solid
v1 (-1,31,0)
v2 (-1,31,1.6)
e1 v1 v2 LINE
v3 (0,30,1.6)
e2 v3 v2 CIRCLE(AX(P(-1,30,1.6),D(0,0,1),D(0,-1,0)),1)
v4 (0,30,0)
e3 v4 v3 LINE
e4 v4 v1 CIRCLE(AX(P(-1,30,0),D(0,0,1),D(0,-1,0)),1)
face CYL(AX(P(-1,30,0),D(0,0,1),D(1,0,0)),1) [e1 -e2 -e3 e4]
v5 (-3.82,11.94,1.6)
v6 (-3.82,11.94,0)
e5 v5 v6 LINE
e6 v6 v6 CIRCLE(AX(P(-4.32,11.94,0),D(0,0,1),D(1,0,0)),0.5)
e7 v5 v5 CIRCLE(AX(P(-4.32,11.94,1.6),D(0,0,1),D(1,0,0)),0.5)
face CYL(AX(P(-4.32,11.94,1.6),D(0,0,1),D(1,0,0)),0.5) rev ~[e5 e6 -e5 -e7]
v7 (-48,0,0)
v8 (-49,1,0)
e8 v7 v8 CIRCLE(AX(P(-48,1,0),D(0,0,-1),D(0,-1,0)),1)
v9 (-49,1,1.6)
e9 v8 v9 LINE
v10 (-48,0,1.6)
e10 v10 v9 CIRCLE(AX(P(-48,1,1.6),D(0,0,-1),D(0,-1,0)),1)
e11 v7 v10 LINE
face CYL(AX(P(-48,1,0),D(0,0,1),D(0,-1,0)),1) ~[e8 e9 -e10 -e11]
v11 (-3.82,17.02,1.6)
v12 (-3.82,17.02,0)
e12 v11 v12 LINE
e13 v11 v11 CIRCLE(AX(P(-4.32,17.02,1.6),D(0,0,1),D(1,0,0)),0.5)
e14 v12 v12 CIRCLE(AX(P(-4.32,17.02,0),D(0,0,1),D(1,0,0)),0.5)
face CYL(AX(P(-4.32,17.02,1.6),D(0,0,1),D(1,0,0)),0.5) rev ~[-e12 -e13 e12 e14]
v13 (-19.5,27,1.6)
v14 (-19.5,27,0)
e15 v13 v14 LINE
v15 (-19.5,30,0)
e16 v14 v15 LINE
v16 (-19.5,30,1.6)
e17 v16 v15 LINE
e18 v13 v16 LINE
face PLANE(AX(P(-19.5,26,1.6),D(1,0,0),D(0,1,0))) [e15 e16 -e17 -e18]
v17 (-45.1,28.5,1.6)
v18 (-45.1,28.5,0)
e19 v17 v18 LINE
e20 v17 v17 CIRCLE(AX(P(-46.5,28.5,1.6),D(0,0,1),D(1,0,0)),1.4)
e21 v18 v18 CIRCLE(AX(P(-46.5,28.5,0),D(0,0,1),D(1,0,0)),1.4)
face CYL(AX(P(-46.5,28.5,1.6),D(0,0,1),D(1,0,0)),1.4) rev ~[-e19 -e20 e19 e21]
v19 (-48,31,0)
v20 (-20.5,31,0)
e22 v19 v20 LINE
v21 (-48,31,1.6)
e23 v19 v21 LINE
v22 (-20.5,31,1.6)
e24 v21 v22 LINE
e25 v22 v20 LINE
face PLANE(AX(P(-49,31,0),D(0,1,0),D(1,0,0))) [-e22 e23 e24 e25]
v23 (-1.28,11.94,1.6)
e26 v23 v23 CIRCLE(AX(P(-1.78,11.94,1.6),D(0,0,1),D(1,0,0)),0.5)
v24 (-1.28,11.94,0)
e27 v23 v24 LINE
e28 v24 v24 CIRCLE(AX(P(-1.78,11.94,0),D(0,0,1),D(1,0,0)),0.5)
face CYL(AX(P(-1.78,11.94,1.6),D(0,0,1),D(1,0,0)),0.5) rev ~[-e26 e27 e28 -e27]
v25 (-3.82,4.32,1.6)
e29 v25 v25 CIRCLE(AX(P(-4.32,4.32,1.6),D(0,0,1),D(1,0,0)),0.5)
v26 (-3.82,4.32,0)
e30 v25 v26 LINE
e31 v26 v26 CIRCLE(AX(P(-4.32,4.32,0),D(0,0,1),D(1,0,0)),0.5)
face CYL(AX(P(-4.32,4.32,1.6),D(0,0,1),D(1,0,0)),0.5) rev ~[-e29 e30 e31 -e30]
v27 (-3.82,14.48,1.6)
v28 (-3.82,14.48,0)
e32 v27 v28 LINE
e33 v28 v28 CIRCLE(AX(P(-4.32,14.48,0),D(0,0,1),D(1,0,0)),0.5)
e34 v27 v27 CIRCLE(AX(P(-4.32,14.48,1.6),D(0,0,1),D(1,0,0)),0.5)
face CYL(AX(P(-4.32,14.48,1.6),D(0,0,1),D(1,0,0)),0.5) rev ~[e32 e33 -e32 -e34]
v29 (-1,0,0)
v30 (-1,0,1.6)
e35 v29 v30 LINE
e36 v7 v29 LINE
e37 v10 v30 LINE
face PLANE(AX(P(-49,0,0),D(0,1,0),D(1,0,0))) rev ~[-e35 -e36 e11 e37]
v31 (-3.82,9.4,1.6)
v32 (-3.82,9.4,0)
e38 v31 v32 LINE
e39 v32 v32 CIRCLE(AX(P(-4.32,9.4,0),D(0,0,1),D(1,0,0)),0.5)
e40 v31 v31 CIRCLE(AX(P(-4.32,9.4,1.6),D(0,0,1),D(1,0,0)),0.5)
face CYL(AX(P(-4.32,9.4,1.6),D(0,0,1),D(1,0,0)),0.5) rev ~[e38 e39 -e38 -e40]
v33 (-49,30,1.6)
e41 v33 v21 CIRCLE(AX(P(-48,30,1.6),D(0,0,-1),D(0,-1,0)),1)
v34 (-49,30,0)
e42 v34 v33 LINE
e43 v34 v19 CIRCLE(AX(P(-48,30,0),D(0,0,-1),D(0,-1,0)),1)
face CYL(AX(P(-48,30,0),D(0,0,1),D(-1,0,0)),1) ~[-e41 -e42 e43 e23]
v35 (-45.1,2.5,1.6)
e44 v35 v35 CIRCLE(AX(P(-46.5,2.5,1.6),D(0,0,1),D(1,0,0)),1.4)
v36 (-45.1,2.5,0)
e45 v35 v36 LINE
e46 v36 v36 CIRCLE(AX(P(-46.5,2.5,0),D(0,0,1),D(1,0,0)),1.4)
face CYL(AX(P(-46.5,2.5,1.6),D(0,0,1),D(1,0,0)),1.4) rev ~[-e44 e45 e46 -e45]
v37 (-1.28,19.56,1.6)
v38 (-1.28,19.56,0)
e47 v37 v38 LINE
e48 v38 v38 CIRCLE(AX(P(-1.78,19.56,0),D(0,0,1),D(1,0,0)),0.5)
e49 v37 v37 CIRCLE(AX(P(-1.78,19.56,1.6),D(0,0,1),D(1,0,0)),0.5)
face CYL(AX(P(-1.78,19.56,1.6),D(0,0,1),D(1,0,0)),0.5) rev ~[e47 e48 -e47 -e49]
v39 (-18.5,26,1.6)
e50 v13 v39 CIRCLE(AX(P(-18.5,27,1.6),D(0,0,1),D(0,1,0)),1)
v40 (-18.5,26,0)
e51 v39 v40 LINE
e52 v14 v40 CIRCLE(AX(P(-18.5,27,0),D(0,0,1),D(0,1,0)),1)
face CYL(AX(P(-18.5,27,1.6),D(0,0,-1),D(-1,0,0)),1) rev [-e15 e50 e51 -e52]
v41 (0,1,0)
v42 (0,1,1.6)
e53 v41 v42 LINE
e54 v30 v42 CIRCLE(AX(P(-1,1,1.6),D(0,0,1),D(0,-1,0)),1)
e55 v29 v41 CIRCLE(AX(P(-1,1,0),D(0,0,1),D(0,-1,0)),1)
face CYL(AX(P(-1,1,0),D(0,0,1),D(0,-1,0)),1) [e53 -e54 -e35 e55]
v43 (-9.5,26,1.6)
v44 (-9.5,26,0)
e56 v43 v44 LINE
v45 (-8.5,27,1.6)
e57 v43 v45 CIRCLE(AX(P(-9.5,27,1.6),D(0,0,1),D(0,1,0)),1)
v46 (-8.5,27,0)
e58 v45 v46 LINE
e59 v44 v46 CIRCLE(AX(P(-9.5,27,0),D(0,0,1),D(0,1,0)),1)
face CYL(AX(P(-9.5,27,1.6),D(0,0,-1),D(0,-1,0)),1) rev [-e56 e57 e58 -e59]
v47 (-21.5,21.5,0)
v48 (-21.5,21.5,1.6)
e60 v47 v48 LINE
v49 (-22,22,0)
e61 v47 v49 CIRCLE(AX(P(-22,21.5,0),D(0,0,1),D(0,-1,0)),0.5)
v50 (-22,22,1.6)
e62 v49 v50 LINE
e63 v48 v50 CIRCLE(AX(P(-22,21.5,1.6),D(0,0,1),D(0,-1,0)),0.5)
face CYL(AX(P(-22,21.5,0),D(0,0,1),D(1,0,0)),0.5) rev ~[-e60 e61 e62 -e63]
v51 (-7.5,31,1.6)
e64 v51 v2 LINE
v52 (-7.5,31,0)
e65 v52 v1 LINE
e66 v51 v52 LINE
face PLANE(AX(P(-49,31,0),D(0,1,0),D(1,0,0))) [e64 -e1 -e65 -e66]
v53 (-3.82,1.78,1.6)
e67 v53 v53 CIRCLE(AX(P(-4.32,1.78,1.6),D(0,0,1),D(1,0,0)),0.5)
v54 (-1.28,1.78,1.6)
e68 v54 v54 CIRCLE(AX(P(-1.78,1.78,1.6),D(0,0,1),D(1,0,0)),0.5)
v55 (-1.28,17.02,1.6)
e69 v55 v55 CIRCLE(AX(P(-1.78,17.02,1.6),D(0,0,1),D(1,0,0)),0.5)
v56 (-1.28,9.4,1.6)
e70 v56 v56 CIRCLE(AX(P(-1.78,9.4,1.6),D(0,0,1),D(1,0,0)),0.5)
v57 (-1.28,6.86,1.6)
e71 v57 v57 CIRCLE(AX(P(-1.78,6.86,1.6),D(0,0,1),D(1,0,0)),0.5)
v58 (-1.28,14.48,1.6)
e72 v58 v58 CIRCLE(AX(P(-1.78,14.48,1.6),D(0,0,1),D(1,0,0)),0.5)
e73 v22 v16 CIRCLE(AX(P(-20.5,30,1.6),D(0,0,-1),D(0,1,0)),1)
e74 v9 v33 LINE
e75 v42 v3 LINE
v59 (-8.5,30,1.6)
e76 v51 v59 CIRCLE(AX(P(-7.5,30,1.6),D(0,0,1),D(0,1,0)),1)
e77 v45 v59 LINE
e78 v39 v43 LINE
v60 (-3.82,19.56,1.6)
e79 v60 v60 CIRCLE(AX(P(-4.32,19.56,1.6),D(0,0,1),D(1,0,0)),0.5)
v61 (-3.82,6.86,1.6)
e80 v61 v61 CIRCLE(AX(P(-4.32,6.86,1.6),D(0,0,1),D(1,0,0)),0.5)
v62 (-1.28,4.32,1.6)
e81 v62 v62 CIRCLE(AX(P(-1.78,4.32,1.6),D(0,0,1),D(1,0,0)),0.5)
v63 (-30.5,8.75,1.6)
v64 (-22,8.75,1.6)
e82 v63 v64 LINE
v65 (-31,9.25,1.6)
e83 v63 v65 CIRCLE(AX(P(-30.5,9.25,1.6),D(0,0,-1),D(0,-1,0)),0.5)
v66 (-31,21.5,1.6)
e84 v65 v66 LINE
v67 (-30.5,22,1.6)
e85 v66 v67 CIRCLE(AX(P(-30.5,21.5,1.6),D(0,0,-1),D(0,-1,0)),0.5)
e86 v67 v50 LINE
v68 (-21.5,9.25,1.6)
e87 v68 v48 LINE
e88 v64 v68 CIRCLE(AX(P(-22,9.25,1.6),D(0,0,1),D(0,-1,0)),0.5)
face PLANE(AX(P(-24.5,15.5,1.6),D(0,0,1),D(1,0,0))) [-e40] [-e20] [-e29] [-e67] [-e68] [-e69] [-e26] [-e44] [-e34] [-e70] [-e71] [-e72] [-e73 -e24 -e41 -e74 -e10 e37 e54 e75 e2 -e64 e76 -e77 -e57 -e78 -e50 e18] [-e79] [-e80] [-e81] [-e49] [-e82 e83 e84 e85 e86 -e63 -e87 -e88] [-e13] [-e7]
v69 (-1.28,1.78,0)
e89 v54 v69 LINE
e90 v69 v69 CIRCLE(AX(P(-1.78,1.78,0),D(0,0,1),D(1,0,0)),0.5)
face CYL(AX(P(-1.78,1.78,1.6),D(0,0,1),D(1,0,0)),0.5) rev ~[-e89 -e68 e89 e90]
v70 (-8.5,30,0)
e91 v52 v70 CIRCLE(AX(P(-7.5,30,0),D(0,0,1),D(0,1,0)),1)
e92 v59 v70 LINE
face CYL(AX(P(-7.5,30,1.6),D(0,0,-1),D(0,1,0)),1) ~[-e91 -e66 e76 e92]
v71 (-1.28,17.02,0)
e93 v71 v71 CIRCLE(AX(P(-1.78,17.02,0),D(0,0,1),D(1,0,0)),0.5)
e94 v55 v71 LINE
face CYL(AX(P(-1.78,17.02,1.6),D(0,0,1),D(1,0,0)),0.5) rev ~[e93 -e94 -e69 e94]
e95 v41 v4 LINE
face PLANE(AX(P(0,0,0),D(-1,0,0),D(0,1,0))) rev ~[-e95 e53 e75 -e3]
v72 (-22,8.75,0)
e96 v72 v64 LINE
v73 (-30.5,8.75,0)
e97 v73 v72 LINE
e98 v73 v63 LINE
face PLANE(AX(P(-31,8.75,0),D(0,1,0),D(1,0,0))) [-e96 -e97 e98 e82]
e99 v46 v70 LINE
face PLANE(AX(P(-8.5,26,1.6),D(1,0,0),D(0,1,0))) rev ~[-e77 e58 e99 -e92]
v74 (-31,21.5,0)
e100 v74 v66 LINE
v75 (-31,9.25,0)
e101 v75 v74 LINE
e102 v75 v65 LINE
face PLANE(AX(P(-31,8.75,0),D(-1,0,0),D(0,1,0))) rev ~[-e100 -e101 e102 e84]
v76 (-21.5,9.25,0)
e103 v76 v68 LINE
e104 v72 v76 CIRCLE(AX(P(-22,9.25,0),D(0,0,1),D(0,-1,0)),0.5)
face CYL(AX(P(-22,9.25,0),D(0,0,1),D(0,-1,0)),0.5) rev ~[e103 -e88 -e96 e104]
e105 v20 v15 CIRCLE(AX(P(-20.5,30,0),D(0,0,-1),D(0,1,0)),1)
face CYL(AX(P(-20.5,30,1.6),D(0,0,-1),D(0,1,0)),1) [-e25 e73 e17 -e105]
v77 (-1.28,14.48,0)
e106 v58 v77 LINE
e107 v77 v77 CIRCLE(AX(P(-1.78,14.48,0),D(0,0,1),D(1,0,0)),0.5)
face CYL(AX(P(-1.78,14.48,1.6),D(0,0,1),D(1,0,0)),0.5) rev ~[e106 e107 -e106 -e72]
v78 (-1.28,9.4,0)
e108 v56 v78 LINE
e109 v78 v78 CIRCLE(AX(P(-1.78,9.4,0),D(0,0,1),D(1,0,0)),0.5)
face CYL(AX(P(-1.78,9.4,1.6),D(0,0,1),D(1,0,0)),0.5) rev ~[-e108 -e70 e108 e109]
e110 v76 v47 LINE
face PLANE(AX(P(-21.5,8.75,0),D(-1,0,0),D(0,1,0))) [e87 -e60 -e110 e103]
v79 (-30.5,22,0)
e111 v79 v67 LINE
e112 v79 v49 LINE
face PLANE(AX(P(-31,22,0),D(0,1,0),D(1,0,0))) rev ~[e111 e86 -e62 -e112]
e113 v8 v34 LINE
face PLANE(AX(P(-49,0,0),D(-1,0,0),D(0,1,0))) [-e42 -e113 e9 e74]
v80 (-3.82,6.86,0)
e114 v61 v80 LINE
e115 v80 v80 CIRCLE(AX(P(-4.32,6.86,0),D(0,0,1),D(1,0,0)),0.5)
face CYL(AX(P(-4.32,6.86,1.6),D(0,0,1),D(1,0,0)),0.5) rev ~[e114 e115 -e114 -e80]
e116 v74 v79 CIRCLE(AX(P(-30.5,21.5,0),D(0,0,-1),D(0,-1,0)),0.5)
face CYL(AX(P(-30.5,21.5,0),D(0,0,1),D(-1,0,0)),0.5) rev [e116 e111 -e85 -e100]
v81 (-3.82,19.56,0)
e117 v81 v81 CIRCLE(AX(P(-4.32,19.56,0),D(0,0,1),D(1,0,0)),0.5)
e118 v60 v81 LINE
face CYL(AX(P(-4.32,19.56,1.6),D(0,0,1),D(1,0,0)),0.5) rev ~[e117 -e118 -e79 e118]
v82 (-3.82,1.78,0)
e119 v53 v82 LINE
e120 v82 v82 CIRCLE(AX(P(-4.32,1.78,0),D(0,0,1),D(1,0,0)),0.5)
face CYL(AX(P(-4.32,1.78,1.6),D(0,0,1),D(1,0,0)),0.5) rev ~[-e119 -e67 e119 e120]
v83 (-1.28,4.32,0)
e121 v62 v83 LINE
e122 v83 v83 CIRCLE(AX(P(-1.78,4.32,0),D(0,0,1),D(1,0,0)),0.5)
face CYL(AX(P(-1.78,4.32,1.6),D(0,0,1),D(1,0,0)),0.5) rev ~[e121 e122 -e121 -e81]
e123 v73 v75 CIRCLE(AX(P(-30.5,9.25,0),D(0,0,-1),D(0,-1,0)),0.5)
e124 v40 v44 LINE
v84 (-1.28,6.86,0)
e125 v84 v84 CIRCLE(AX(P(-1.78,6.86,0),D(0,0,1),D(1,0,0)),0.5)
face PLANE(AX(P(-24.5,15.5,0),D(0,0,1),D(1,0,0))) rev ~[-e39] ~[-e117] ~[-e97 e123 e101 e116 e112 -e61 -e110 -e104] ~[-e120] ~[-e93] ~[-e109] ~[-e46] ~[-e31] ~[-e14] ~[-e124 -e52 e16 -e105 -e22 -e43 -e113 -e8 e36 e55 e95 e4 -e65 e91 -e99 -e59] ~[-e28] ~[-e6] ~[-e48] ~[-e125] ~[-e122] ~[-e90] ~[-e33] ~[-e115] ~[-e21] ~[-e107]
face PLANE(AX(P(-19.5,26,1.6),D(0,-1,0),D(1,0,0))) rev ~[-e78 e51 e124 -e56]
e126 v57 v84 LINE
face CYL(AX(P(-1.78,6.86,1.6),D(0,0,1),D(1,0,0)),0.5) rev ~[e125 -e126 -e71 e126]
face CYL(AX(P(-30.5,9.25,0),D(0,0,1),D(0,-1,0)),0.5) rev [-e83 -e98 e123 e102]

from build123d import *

# Parameters (mm, degrees)
SKETCH001_W         = 49
SKETCH001_H         = 31
SKETCH001_W_2       = 9.5
SKETCH001_H_2       = 13.25
PAD_DEPTH           = 1.6
SKETCH002_R         = 0.5
HOLE_DEPTH          = 25
LINEARPATTERN_COUNT = 8
LINEARPATTERN_PITCH = 2.54
SKETCH003_W         = 11
SKETCH003_H         = 5
POCKET_DEPTH        = 1.601
SKETCH004_R         = 1.4
HOLE001_DEPTH       = 25
FILLET_R            = 1
FILLET001_R         = 0.5
FILLET002_R         = 1


with BuildPart() as part:
    # Sketch001 → Pad (new body)
    with BuildSketch(Plane.XY):
        with Locations((-24.5, 15.5)):
            Rectangle(SKETCH001_W, SKETCH001_H)
        with Locations((-26.25, 15.375)):
            Rectangle(SKETCH001_W_2, SKETCH001_H_2, mode=Mode.SUBTRACT)
    extrude(amount=PAD_DEPTH)

    # Sketch002 (on Face10 of Pad) → Hole (cut)
    with BuildSketch(Plane.XY.offset(1.6)):
        with Locations((-1.78, 1.78)):
            Circle(SKETCH002_R)
        with Locations((-4.32, 1.78)):
            Circle(SKETCH002_R)
    hole = extrude(amount=-HOLE_DEPTH, mode=Mode.SUBTRACT)

    # LinearPattern: Hole ×8
    with Locations(*[(0, i * LINEARPATTERN_PITCH, 0) for i in range(1, LINEARPATTERN_COUNT)]):
        add(hole, mode=Mode.SUBTRACT)

    # Sketch003 (on Face5 of LinearPattern) → Pocket (cut, through all)
    with BuildSketch(Plane.XY.offset(1.6)):
        with Locations((-14, 28.5)):
            Rectangle(SKETCH003_W, SKETCH003_H)
    extrude(amount=-POCKET_DEPTH, mode=Mode.SUBTRACT)

    # Sketch004 (on Face5 of Pocket) → Hole001 (cut)
    with BuildSketch(Plane.XY.offset(1.6)):
        with Locations((-46.5, 28.5)):
            Circle(SKETCH004_R)
        with Locations((-46.5, 2.5)):
            Circle(SKETCH004_R)
    extrude(amount=-HOLE001_DEPTH, mode=Mode.SUBTRACT)

    # Fillet
    fillet_edges = [part.edges().sort_by_distance(p)[0] for p in [
        (-8.5, 26, 0.8),
        (-19.5, 26, 0.8),
        (-19.5, 31, 0.8),
        (-8.5, 31, 0.8),
        (0, 31, 0.8),
        (0, 0, 0.8),
    ]]
    fillet(fillet_edges, radius=FILLET_R)

    # Fillet001
    fillet001_edges = [part.edges().sort_by_distance(p)[0] for p in [
        (-21.5, 22, 0.8),
        (-21.5, 8.75, 0.8),
        (-31, 8.75, 0.8),
        (-31, 22, 0.8),
    ]]
    fillet(fillet001_edges, radius=FILLET001_R)

    # Fillet002
    fillet002_edges = [part.edges().sort_by_distance(p)[0] for p in [
        (-49, 31, 0.8),
        (-49, 0, 0.8),
    ]]
    fillet(fillet002_edges, radius=FILLET002_R)


solid = part.part
